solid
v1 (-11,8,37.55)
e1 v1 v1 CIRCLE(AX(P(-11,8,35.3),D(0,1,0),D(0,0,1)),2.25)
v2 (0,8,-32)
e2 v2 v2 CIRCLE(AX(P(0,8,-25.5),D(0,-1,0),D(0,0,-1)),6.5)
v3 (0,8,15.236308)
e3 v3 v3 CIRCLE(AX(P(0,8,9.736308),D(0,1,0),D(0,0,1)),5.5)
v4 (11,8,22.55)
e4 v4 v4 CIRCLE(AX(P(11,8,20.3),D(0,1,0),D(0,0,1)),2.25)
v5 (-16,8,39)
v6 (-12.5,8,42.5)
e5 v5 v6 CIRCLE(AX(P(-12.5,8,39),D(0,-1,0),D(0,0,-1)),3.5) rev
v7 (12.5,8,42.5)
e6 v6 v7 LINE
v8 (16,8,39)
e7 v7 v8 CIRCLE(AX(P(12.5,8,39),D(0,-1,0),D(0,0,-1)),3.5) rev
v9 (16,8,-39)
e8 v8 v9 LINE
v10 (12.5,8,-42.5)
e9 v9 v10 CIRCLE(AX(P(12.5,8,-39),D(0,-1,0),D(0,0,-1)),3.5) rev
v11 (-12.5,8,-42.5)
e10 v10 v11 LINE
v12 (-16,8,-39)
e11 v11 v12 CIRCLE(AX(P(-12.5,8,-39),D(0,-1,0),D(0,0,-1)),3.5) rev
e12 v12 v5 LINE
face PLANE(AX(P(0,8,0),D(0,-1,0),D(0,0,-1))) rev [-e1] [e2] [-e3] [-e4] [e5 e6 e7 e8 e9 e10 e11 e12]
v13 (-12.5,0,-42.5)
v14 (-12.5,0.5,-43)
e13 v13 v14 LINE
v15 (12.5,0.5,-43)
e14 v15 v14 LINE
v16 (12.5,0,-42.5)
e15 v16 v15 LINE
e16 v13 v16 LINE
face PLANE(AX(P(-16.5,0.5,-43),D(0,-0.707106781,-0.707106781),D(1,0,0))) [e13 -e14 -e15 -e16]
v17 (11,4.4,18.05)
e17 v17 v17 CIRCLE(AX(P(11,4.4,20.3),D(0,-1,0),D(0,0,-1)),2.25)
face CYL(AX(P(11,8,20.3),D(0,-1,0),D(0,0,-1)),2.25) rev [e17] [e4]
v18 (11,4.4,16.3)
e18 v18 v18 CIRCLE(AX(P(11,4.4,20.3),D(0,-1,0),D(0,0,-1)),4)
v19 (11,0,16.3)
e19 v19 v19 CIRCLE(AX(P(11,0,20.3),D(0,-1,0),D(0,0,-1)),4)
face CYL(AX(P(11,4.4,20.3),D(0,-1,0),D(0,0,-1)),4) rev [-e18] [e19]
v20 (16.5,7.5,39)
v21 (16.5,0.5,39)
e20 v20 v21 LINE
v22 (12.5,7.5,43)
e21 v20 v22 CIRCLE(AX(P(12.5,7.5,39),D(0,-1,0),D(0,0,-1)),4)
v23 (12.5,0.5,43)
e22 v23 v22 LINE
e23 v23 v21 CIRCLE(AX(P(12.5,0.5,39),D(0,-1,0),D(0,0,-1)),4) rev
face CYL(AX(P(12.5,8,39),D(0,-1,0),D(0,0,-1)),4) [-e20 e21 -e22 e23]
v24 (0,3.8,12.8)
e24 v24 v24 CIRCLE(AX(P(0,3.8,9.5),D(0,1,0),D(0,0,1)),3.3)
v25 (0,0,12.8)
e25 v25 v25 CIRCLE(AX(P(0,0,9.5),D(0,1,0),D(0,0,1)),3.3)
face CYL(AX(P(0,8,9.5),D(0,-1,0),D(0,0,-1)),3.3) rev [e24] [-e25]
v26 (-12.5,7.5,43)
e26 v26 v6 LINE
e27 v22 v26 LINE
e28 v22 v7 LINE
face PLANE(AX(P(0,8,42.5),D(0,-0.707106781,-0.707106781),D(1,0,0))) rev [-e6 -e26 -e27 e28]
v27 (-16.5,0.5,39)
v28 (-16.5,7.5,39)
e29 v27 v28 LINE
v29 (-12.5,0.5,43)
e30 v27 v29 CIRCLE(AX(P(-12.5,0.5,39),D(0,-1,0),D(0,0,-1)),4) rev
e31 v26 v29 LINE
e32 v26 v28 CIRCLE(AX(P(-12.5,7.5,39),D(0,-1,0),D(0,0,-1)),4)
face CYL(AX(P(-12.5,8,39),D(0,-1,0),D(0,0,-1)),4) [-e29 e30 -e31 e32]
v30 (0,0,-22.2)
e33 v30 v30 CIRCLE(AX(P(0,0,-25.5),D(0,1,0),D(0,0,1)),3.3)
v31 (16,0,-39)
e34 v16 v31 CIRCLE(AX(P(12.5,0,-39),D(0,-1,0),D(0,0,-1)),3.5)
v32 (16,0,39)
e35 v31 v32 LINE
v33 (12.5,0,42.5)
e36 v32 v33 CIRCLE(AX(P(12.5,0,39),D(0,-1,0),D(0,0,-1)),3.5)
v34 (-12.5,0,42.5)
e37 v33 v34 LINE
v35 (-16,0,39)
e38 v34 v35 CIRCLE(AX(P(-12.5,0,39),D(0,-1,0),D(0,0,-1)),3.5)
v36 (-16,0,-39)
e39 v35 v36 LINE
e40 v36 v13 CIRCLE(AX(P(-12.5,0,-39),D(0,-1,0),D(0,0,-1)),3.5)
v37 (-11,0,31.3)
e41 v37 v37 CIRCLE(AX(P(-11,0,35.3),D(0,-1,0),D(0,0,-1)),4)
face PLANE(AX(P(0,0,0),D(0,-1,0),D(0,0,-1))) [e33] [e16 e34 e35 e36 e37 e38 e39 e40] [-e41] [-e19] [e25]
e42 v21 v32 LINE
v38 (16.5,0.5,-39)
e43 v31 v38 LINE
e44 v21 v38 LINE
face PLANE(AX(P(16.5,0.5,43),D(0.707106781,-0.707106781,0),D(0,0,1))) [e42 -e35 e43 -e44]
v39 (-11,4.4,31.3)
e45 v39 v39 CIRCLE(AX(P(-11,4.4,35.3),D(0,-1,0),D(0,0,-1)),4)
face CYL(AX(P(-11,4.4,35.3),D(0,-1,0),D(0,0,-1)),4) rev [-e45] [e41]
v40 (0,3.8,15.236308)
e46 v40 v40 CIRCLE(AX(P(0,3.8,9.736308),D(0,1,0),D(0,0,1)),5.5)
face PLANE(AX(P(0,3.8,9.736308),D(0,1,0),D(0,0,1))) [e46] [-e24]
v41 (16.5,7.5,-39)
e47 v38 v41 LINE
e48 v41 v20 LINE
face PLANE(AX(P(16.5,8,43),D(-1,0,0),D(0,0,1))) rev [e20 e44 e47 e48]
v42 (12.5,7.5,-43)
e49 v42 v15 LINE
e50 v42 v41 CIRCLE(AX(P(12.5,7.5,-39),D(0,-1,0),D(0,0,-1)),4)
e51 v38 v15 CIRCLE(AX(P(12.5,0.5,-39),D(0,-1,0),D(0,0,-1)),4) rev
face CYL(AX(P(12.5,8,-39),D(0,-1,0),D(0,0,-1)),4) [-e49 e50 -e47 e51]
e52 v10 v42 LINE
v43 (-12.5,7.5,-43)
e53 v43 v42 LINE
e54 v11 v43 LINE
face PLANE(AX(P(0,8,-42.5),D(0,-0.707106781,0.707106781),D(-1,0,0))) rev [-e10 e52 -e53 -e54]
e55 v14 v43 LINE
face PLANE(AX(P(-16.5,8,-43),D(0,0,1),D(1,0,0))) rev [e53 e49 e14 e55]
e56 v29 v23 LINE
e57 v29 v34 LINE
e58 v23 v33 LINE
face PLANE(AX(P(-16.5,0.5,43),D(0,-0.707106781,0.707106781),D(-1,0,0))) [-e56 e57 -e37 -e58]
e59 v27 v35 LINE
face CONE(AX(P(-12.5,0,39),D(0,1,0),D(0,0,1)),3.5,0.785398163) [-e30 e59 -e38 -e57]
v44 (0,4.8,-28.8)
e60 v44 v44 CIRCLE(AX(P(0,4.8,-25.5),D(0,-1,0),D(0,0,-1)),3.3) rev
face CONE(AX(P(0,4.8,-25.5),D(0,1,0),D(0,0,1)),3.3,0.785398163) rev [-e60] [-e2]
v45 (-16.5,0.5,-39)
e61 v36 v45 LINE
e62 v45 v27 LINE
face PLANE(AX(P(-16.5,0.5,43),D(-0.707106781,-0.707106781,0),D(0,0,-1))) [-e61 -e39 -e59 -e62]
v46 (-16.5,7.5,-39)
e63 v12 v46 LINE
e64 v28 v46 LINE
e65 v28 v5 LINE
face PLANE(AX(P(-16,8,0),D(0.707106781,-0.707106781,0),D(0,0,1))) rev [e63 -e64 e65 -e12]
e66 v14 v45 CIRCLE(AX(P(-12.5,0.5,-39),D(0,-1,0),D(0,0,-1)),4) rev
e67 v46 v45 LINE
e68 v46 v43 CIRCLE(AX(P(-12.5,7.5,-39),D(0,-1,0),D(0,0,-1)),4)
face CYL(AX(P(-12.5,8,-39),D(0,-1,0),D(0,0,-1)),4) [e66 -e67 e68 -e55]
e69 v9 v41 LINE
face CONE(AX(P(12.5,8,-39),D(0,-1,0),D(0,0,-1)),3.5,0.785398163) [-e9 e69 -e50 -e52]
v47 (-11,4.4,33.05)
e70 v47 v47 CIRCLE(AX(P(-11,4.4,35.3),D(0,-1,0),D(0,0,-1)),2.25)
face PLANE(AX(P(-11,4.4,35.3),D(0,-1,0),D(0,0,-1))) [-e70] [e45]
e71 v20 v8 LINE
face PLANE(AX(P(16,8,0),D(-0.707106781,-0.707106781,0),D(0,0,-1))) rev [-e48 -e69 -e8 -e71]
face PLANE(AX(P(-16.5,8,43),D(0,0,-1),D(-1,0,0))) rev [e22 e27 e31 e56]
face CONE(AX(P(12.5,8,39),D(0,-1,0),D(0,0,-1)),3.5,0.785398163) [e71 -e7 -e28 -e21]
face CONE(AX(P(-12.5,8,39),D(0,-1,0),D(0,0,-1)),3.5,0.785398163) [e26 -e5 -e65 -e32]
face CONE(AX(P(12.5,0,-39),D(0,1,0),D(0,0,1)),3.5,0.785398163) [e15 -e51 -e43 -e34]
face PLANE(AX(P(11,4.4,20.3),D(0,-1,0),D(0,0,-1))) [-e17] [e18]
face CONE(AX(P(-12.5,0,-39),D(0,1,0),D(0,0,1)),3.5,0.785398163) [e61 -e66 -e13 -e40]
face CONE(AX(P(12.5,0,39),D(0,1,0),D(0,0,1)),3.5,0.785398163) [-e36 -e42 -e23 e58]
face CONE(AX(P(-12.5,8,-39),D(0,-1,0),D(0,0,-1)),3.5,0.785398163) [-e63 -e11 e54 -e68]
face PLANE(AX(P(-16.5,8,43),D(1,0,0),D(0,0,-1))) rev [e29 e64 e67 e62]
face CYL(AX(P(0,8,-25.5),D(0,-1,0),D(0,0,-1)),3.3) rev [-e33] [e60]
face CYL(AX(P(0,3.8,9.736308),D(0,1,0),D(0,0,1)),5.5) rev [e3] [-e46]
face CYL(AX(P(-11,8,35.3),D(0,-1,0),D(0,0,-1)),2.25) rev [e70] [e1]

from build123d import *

# Parameters (mm, degrees)
SKETCH3_W           = 33
SKETCH3_H           = 86
SKETCH3_R           = 3.3
SKETCH3_R_2         = 2.25
BOSS_EXTRUDE2_DEPTH = 8
SKETCH4_R           = 5.5
CUT_EXTRUDE2_DEPTH  = 4.2
CHAMFER1_SIZE       = 3.2
SKETCH5_R           = 4
CUT_EXTRUDE3_DEPTH  = 4.4
FILLET1_R           = 4
CHAMFER2_SIZE       = 0.5


with BuildPart() as part:
    # Sketch3 → Boss-Extrude2 (new body)
    with BuildSketch(Plane(origin=(0, 0, 0), x_dir=(1, 0, 0), z_dir=(0, 1, 0))):
        Rectangle(SKETCH3_W, SKETCH3_H)
        with Locations((0, 25.5)):
            Circle(SKETCH3_R, mode=Mode.SUBTRACT)
        with Locations((0, -9.5)):
            Circle(SKETCH3_R, mode=Mode.SUBTRACT)
        with Locations((11, -20.3)):
            Circle(SKETCH3_R_2, mode=Mode.SUBTRACT)
        with Locations((-11, -35.3)):
            Circle(SKETCH3_R_2, mode=Mode.SUBTRACT)
    extrude(amount=BOSS_EXTRUDE2_DEPTH)

    # Sketch4 → Cut-Extrude2 (cut)
    with BuildSketch(Plane(origin=(0, 8, 0), x_dir=(1, 0, 0), z_dir=(0, 1, 0))):
        with Locations((0, -9.736308316)):
            Circle(SKETCH4_R)
    extrude(amount=-CUT_EXTRUDE2_DEPTH, mode=Mode.SUBTRACT)

    # Chamfer1
    chamfer1_edges = [part.edges().sort_by_distance(p)[0] for p in [
        (-3.3, 8, -25.5),
    ]]
    chamfer(chamfer1_edges, length=CHAMFER1_SIZE)

    # Sketch5 → Cut-Extrude3 (cut)
    with BuildSketch(Plane(origin=(0, 0, 0), x_dir=(-1, 0, 0), z_dir=(0, -1, 0))):
        with Locations((11, -35.3)):
            Circle(SKETCH5_R)
        with Locations((-11, -20.3)):
            Circle(SKETCH5_R)
    extrude(amount=-CUT_EXTRUDE3_DEPTH, mode=Mode.SUBTRACT)

    # Fillet1
    fillet1_edges = [part.edges().sort_by_distance(p)[0] for p in [
        (16.5, 4, 43),
        (-16.5, 4, 43),
        (-16.5, 4, -43),
        (16.5, 4, -43),
    ]]
    fillet(fillet1_edges, radius=FILLET1_R)

    # Chamfer2
    chamfer2_edges = [part.edges().sort_by_distance(p)[0] for p in [
        (16.5, 0, 0),
        (16.5, 8, 0),
        (0, 0, 43),
        (-16.5, 0, 0),
        (0, 0, -43),
        (15.328427125, 0, -41.828427125),
        (-15.328427125, 0, -41.828427125),
        (-15.328427125, 0, 41.828427125),
        (15.328427125, 0, 41.828427125),
        (0, 8, 43),
        (0, 8, -43),
        (-16.5, 8, 0),
        (15.328427125, 8, -41.828427125),
        (-15.328427125, 8, -41.828427125),
        (-15.328427125, 8, 41.828427125),
        (15.328427125, 8, 41.828427125),
    ]]
    chamfer(chamfer2_edges, length=CHAMFER2_SIZE)


solid = part.part
